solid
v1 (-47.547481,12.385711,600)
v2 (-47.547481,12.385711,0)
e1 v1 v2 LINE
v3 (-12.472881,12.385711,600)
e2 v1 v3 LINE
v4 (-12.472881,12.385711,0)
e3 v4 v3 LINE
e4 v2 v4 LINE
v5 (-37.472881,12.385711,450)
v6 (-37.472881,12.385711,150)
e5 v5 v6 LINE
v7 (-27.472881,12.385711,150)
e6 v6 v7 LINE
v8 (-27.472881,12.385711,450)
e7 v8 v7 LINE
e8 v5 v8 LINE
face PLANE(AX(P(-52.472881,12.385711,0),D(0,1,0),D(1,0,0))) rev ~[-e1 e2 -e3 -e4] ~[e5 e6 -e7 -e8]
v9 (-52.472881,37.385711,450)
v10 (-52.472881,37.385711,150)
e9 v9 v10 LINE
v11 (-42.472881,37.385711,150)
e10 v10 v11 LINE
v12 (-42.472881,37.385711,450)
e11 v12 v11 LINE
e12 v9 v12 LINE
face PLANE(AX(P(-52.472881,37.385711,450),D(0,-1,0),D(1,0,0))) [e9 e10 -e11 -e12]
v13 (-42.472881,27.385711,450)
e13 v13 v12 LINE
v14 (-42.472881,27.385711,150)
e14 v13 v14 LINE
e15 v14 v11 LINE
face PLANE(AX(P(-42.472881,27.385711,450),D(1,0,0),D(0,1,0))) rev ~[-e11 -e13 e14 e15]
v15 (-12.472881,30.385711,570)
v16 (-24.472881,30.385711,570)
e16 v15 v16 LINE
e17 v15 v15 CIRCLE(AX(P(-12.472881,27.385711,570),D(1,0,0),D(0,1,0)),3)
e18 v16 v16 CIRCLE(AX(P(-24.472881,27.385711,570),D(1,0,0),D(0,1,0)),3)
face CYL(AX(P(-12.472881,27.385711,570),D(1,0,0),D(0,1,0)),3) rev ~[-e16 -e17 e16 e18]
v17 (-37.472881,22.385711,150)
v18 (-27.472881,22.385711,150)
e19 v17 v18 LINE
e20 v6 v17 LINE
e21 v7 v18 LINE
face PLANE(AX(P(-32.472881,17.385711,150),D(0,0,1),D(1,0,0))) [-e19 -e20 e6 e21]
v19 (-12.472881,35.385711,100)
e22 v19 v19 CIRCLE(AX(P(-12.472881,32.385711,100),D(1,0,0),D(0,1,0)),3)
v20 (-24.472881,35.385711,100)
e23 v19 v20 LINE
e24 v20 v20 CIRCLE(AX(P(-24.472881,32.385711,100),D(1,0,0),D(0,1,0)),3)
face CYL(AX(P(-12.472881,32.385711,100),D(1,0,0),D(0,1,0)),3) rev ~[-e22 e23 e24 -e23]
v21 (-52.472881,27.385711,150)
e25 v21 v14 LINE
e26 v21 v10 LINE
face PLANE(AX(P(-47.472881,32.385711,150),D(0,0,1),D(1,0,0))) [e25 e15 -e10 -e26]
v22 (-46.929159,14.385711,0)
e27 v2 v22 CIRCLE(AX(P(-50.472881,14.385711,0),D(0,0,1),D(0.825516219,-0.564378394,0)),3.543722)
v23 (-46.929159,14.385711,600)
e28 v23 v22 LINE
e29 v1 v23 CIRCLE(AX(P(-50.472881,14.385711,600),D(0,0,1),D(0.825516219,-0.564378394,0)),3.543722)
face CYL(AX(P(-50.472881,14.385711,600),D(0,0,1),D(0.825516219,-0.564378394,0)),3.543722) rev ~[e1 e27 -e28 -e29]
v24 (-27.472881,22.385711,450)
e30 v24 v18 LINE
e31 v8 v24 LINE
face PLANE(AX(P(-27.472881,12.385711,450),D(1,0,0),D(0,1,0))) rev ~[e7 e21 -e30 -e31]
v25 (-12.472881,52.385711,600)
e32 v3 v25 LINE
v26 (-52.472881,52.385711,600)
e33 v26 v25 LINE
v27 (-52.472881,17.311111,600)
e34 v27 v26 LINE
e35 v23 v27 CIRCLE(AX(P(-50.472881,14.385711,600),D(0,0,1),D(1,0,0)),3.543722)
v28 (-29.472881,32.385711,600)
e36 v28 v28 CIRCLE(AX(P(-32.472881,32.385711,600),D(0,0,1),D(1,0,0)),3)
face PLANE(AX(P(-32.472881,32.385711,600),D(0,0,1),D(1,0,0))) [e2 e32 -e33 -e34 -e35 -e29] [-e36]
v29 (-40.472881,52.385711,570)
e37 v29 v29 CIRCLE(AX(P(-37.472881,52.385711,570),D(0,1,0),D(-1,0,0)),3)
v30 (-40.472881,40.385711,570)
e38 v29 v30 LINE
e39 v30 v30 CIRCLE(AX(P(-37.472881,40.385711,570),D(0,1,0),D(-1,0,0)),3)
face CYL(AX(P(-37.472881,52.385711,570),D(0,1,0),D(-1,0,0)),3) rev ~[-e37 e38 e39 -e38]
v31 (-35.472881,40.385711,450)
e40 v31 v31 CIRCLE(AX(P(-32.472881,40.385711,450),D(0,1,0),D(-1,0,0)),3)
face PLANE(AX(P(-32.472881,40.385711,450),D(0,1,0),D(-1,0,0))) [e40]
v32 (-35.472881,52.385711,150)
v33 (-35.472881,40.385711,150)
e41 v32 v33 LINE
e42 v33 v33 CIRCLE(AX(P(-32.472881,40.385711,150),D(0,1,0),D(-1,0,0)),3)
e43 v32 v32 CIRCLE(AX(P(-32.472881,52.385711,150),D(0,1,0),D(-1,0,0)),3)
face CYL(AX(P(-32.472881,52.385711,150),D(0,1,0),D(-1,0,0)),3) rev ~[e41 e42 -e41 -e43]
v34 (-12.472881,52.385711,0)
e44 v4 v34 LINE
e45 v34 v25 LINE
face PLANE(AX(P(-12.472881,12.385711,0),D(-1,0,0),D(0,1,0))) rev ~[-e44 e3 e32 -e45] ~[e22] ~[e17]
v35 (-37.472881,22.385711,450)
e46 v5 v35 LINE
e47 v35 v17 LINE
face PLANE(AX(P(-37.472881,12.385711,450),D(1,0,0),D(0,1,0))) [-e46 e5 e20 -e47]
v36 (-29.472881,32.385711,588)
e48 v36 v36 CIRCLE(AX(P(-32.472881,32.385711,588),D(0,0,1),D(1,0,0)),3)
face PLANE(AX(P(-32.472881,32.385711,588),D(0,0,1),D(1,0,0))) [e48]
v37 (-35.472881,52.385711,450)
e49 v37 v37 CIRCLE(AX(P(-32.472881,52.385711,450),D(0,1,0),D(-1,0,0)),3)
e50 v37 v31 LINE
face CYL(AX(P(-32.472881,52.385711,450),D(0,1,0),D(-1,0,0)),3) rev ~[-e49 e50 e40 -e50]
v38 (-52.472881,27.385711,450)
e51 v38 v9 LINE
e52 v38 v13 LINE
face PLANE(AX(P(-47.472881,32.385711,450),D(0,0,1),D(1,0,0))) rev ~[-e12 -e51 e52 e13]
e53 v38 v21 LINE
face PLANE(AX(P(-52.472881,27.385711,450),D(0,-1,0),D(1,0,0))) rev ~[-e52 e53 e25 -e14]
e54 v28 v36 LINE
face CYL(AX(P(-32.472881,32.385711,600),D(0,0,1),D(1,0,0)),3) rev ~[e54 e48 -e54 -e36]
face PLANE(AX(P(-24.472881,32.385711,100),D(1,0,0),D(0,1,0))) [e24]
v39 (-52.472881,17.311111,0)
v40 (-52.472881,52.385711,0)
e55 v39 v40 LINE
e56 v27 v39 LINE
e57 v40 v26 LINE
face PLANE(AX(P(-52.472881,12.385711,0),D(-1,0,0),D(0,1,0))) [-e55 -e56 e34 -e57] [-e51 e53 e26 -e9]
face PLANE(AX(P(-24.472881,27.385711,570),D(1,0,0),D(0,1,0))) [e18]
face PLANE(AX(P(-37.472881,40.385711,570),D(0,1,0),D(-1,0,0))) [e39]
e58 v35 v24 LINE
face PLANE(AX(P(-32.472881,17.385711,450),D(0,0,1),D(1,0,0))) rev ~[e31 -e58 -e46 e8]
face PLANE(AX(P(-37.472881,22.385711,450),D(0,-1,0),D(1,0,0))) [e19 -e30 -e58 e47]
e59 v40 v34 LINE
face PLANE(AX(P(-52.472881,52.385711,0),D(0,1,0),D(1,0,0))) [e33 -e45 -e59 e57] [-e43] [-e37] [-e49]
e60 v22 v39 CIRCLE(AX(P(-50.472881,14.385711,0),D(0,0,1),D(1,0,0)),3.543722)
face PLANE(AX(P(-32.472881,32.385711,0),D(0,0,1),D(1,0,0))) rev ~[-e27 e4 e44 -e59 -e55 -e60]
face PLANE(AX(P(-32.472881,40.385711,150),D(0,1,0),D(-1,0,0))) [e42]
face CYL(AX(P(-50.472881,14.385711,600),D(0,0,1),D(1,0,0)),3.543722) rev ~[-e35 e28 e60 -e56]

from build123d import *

# Parameters (mm, degrees)
F0_W      = 40
F0_H      = 40
F1_DEPTH  = 600
F2_R      = 3
F3_DEPTH  = 12
F4_R      = 3
F5_DEPTH  = 12
F7_DEPTH  = 600
F8_R      = 3
F9_DEPTH  = 12
F10_DEPTH = 12
F11_R     = 3
F12_DEPTH = 12
F13_R     = 3
F14_DEPTH = 12
F16_W     = 10
F16_H     = 10
F17_DEPTH = 300
F18_DEPTH = 300


with BuildPart() as f1:
    # F0 (on Top) → F1 (new body)
    with BuildSketch(Plane.XY):
        with Locations((-32.4728810042, 32.3857110739)):
            Rectangle(F0_W, F0_H)
    extrude(amount=F1_DEPTH)

    # F2 (on face) → F3 (cut)
    with BuildSketch(Plane.YZ.offset(-12.4728810042)):
        with Locations((27.3857110739, 570)):
            Circle(F2_R)
    extrude(amount=-F3_DEPTH, mode=Mode.SUBTRACT)

    # F4 (on face) → F5 (cut)
    with BuildSketch(Plane(origin=(0, 52.3857110739, 0), x_dir=(-1, 0, 0), z_dir=(0, 1, 0))):
        with Locations((37.4728810042, 570)):
            Circle(F4_R)
    extrude(amount=-F5_DEPTH, mode=Mode.SUBTRACT)

    # F6 (on face) → F7 (cut)
    with BuildSketch(Plane.XY.offset(600)):
        with BuildLine():
            ThreePointArc((-47.5474812124, 12.3857110739), (-47.0872668168, 13.3390112528), (-46.9291592401, 14.3857110739))
            ThreePointArc((-46.9291592401, 14.3857110739), (-48.8190187951, 17.5198303656), (-52.4728810042, 17.3111108656))
            Line((-52.4728810042, 17.3111108656), (-52.4728810042, 12.3857110739))
            Line((-52.4728810042, 12.3857110739), (-47.5474812124, 12.3857110739))
        make_face()
    extrude(amount=-F7_DEPTH, mode=Mode.SUBTRACT)

    # F8 (on face) → F9 (cut)
    with BuildSketch(Plane.XY.offset(600)):
        with Locations((-32.4728810042, 32.3857110739)):
            Circle(F8_R)
    extrude(amount=-F9_DEPTH, mode=Mode.SUBTRACT)

    # F4 (on face) → F10 (cut)
    with BuildSketch(Plane(origin=(0, 52.3857110739, 0), x_dir=(-1, 0, 0), z_dir=(0, 1, 0))):
        with Locations((32.4728810042, 450)):
            Circle(F4_R)
    extrude(amount=-F10_DEPTH, mode=Mode.SUBTRACT)

    # F11 (on face) → F12 (cut)
    with BuildSketch(Plane(origin=(0, 52.3857110739, 0), x_dir=(-1, 0, 0), z_dir=(0, 1, 0))):
        with Locations((32.4728810042, 150)):
            Circle(F11_R)
    extrude(amount=-F12_DEPTH, mode=Mode.SUBTRACT)

    # F13 (on face) → F14 (cut)
    with BuildSketch(Plane.YZ.offset(-12.4728810042)):
        with Locations((32.3857110739, 100)):
            Circle(F13_R)
    extrude(amount=-F14_DEPTH, mode=Mode.SUBTRACT)

    # F16 (on offset) → F17 (cut)
    with BuildSketch(Plane.XY.offset(450)):
        with Locations((-47.4728810042, 32.3857110739)):
            Rectangle(F16_W, F16_H)
    extrude(amount=-F17_DEPTH, mode=Mode.SUBTRACT)

    # F16 (on offset) → F18 (cut)
    with BuildSketch(Plane.XY.offset(450)):
        with Locations((-32.4728810042, 17.3857110739)):
            Rectangle(F16_W, F16_H)
    extrude(amount=-F18_DEPTH, mode=Mode.SUBTRACT)


solid = f1.part
